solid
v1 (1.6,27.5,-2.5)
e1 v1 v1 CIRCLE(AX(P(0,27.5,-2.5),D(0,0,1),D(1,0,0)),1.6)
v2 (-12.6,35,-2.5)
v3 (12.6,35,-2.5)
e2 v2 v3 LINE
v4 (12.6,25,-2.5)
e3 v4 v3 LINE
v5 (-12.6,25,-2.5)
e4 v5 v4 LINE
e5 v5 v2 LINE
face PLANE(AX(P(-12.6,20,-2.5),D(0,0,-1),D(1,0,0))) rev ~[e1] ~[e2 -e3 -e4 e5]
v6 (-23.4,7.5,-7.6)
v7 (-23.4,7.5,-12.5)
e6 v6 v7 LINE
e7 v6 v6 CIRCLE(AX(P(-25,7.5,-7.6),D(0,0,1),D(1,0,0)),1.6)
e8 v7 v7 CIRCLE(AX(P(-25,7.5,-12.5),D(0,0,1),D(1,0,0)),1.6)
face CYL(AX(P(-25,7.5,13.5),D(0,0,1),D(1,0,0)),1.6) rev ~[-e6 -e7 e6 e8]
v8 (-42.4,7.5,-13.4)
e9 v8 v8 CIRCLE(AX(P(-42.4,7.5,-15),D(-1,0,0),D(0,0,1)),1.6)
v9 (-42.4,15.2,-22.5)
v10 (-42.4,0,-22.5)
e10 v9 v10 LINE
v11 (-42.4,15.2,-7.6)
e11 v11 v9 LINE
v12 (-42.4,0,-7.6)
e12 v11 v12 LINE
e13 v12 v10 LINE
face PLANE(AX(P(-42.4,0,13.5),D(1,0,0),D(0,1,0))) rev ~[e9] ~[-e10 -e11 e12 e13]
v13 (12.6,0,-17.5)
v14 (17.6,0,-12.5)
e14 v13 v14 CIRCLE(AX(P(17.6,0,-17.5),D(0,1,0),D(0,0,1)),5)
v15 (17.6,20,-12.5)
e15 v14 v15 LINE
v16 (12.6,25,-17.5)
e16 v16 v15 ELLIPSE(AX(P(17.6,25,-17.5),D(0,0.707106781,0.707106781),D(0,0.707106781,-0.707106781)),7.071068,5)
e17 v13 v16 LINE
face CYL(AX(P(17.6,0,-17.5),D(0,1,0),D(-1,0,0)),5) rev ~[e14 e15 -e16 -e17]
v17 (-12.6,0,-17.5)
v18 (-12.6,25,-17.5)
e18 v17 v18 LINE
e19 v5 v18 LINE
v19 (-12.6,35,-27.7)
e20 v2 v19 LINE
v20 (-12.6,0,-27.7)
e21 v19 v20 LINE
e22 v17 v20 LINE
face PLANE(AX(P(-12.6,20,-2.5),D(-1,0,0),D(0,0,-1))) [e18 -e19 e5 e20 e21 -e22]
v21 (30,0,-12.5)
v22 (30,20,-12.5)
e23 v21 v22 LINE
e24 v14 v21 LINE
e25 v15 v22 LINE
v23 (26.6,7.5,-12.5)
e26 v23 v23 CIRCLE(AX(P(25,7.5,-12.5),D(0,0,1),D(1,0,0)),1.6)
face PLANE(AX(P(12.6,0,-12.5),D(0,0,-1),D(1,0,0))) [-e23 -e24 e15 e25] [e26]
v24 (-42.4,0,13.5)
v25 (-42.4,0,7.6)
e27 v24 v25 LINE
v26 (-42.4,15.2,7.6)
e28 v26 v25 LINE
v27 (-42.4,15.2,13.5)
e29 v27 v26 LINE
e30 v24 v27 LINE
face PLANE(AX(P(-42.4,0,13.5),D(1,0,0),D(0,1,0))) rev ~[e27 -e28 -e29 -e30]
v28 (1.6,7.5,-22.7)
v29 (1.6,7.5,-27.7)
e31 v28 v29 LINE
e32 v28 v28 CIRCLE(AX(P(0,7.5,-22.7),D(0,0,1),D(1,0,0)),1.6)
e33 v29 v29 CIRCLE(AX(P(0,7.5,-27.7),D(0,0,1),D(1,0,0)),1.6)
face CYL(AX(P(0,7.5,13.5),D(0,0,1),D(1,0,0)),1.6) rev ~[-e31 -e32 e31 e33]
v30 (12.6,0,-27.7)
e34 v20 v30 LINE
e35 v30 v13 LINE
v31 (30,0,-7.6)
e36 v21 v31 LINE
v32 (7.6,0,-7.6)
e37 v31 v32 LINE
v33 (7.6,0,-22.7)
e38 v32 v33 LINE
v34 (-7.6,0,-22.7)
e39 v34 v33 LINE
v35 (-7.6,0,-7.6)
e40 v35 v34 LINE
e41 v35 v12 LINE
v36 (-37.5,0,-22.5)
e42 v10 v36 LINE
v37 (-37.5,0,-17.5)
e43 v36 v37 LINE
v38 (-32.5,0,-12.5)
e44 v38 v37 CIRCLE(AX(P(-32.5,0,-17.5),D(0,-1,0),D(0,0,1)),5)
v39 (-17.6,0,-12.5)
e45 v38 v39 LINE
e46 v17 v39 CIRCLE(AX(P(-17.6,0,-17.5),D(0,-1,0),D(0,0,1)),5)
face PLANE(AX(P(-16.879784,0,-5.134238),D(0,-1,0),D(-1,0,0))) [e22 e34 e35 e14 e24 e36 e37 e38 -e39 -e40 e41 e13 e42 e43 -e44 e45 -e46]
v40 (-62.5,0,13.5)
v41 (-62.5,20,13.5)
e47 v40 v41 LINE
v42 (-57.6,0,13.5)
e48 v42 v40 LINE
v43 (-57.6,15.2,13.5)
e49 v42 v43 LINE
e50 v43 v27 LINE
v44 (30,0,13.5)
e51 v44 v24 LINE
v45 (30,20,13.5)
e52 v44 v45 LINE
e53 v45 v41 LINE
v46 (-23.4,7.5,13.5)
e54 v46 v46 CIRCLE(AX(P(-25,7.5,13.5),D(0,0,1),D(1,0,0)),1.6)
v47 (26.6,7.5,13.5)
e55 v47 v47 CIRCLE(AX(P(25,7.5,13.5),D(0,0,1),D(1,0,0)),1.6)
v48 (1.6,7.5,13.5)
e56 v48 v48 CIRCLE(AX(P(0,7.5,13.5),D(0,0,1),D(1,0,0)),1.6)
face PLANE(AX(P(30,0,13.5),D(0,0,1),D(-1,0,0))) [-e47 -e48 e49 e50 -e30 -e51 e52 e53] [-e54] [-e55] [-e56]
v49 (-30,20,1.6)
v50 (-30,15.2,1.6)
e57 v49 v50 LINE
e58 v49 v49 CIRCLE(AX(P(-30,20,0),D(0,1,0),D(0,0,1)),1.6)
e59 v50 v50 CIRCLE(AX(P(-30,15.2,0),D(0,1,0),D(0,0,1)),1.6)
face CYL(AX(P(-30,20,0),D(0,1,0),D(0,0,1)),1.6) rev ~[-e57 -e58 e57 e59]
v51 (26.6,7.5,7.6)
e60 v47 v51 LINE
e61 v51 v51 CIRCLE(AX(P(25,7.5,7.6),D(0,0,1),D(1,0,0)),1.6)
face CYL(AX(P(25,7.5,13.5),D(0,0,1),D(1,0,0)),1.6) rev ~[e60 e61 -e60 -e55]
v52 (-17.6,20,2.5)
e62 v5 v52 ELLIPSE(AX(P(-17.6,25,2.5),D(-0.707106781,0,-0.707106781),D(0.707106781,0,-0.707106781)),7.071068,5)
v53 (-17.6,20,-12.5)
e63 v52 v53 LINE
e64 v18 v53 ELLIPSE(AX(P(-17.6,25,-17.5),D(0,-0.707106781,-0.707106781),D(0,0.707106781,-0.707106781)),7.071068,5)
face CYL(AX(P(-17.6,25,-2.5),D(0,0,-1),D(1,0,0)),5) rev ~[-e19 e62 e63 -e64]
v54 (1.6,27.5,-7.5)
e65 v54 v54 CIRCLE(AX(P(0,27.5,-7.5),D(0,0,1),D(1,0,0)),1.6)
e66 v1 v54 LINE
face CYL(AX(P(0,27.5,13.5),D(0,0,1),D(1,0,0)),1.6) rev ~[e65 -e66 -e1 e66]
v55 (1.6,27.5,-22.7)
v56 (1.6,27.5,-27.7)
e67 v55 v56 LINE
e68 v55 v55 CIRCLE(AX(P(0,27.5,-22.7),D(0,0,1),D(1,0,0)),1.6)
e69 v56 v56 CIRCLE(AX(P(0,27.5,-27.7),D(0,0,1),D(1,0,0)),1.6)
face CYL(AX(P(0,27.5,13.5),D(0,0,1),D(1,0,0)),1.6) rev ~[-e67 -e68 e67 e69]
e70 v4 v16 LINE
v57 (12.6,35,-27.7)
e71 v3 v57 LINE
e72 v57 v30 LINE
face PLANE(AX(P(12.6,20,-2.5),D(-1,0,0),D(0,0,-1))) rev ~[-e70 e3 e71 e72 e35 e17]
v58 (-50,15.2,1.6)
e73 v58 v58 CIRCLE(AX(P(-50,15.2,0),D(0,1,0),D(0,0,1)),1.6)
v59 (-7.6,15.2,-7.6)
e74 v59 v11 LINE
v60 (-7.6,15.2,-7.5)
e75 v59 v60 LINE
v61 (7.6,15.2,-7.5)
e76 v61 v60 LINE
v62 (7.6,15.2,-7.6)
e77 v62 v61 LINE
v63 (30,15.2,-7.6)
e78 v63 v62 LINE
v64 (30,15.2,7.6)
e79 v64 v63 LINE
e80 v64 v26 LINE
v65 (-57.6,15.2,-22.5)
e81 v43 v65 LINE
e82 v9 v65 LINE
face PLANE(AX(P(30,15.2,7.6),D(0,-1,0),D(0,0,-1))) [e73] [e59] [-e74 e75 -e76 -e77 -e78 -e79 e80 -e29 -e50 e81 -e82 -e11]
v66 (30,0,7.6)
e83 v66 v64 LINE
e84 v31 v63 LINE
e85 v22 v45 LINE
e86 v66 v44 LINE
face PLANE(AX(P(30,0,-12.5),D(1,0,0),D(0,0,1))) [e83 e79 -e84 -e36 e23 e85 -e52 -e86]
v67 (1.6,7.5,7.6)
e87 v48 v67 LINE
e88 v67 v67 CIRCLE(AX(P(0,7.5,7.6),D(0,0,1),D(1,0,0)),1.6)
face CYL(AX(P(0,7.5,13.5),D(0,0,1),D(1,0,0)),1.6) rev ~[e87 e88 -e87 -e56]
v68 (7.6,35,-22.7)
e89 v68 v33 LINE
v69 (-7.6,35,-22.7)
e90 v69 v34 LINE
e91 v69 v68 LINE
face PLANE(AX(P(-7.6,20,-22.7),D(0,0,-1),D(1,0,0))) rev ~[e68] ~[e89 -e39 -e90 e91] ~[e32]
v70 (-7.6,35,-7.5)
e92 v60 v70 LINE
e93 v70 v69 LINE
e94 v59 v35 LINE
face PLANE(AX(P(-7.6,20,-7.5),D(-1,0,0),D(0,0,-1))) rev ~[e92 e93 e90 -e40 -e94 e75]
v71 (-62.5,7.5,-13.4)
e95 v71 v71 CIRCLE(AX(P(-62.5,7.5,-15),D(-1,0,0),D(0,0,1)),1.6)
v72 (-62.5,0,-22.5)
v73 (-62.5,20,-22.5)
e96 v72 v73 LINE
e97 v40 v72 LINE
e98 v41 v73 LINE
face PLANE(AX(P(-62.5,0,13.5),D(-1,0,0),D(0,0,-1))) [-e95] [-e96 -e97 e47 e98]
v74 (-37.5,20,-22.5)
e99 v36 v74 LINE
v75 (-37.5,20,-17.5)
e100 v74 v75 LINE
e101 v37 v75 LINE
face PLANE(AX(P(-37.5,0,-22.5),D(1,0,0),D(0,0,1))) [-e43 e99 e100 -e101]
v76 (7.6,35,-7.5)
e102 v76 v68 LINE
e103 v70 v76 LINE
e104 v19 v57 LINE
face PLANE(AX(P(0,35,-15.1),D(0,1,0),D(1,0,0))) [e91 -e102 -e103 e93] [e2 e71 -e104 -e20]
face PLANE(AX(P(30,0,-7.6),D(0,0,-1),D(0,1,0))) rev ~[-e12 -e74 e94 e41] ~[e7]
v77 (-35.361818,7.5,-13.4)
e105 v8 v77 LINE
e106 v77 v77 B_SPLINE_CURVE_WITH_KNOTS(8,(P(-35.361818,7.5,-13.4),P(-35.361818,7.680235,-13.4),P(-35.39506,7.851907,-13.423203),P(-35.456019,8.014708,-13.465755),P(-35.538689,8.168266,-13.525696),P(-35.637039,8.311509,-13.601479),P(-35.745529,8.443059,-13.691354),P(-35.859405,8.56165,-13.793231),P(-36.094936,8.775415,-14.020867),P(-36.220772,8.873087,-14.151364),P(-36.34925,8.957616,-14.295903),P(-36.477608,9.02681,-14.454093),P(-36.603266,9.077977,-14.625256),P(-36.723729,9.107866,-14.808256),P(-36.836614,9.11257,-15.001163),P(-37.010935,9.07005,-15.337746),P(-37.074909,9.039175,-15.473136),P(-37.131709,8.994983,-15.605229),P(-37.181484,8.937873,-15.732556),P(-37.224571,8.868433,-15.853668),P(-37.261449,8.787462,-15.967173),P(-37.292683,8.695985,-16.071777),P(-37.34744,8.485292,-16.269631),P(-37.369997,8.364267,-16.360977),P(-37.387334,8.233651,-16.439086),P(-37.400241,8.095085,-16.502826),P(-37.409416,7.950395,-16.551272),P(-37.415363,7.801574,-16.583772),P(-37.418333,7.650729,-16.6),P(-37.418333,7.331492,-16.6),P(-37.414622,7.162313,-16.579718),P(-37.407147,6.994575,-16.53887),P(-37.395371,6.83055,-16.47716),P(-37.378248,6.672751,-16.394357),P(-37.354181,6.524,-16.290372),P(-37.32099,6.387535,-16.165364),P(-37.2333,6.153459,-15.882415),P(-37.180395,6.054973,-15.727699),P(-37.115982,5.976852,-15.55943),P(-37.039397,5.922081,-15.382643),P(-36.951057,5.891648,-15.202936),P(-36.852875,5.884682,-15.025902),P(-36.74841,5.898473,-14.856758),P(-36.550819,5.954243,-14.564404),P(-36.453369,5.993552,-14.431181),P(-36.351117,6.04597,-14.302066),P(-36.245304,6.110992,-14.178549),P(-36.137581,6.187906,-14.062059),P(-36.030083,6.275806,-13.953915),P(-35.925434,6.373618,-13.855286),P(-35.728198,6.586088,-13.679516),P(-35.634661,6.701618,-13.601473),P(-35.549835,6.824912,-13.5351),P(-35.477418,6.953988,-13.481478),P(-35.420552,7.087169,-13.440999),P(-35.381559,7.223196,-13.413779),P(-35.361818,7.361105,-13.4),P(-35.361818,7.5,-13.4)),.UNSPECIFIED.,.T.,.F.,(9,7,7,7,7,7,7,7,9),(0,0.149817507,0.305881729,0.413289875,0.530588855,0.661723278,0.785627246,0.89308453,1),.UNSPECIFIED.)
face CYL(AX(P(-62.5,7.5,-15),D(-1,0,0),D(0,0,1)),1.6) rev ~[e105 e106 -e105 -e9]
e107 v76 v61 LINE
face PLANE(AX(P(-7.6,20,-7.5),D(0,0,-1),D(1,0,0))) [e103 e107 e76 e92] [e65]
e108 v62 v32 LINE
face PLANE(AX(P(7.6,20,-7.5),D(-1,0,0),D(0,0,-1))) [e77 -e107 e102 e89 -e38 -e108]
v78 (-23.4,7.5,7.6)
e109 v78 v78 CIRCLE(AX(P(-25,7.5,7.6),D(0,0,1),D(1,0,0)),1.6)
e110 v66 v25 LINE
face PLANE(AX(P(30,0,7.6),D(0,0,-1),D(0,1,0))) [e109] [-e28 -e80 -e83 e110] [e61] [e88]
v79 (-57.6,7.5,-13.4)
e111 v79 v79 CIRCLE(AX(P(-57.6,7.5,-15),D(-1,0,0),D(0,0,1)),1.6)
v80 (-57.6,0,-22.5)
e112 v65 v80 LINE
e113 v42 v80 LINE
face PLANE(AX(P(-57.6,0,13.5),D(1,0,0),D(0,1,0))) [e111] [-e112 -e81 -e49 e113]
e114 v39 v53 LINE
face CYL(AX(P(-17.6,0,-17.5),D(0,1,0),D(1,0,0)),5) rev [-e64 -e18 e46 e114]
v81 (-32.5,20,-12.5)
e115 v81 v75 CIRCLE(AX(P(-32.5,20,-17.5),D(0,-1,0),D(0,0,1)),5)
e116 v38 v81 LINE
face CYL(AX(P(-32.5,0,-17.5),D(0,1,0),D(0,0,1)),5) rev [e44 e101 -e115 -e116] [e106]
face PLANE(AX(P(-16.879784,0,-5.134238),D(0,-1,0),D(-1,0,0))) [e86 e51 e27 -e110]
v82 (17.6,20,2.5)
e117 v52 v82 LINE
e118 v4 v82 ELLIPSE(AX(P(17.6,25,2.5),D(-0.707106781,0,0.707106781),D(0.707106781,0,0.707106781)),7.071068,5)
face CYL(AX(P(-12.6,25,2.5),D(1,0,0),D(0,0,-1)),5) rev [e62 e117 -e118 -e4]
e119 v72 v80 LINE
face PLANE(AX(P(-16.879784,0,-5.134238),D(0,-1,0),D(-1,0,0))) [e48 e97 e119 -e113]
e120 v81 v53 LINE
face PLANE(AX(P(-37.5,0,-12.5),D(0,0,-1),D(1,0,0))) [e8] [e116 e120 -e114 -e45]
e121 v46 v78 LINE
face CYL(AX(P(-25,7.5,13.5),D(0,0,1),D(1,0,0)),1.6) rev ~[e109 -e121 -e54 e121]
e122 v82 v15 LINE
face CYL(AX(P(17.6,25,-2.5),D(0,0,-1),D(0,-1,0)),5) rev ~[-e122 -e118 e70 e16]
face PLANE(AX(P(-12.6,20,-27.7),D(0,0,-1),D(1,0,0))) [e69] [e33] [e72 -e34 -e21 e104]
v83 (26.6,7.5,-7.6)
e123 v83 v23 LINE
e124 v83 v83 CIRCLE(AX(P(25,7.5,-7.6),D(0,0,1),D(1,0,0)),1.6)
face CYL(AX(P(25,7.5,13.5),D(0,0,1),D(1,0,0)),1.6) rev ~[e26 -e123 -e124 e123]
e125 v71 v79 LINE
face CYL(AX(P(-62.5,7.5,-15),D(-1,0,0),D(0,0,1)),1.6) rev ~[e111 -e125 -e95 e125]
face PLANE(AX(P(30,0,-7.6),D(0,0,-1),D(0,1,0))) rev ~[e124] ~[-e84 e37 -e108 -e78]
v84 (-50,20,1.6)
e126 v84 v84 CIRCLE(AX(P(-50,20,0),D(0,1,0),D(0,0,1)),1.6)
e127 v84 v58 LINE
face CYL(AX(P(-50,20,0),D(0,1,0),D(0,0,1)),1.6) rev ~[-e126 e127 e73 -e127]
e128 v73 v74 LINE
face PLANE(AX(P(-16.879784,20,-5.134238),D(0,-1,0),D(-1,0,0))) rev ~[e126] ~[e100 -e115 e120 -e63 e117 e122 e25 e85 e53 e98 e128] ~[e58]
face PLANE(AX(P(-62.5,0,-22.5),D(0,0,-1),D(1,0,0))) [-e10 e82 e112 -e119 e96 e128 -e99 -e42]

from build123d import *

# Parameters (mm, degrees)
SKETCH_1_W               = 15.2
SKETCH_1_H               = 15.2
EXTRUDE_1_DEPTH          = 20
SKETCH_2_W               = 25.2
SKETCH_2_H               = 25.2
SKETCH_2_W_2             = 15.2
SKETCH_2_H_2             = 15.2
EXTRUDE_2_DEPTH          = 15
SKETCH_3_W               = 15.2
SKETCH_3_H               = 15.2
CUT_EXTRUDE_1_DEPTH      = 80
SKETCH_4_R               = 1.6
CUT_EXTRUDE_2_DEPTH      = 83.635888087
FILLET_1_R               = 5
SKETCH_5_W               = 15.2
SKETCH_5_H               = 15.2
CUT_EXTRUDE_3_DEPTH      = 83.635888087
CUT_EXTRUDE_4_REACH      = 104.706
CUT_EXTRUDE_4_END_RADIUS = 5
SKETCH_6_R               = 1.6
CUT_EXTRUDE_5_REACH      = 73.229
SKETCH_7_R               = 1.6


with BuildPart() as part:
    # 草图1 → 凸台-拉伸1 (new body)
    with BuildSketch(Plane(origin=(0, 0, 0), x_dir=(1, 0, 0), z_dir=(0, 1, 0))):
        Polygon((-37.5, 12.5), (-12.6, 12.5), (-12.6, 27.7), (12.6, 27.7), (12.6, 12.5), (30, 12.5), (30, -13.5), (-62.5, -13.5), (-62.5, 22.5), (-37.5, 22.5), align=None)
        with Locations((0, 15.1)):
            Rectangle(SKETCH_1_W, SKETCH_1_H, mode=Mode.SUBTRACT)
    extrude(amount=EXTRUDE_1_DEPTH)

    # 草图2 → 凸台-拉伸2 (add)
    with BuildSketch(Plane(origin=(0, 20, 0), x_dir=(1, 0, 0), z_dir=(0, 1, 0))):
        with Locations((0, 15.1)):
            Rectangle(SKETCH_2_W, SKETCH_2_H)
        with Locations((0, 15.1)):
            Rectangle(SKETCH_2_W_2, SKETCH_2_H_2, mode=Mode.SUBTRACT)
    extrude(amount=EXTRUDE_2_DEPTH)

    # 草图3 → 切除-拉伸1 (cut)
    with BuildSketch(Plane(origin=(30, 0, 0), x_dir=(0, 0, -1), z_dir=(1, 0, 0))):
        with Locations((0, 7.6)):
            Rectangle(SKETCH_3_W, SKETCH_3_H)
    extrude(amount=-CUT_EXTRUDE_1_DEPTH, mode=Mode.SUBTRACT)

    # 草图4 → 切除-拉伸2 (cut, through all)
    with BuildSketch(Plane.XY.offset(13.5)):
        with Locations((0, 7.5)):
            Circle(SKETCH_4_R)
        with Locations((25, 7.5)):
            Circle(SKETCH_4_R)
        with Locations((-25, 7.5)):
            Circle(SKETCH_4_R)
        with Locations((0, 27.5)):
            Circle(SKETCH_4_R)
    extrude(amount=-CUT_EXTRUDE_2_DEPTH, mode=Mode.SUBTRACT)

    # 圆角1
    fillet_1_edges = [part.edges().sort_by_distance(p)[0] for p in [
        (-37.5, 10, -12.5),
        (-12.6, 10, -12.5),
        (12.6, 10, -12.5),
        (-12.6, 20, -7.5),
        (0, 20, -2.5),
        (12.6, 20, -7.5),
    ]]
    fillet(fillet_1_edges, radius=FILLET_1_R)

    # 草图5 → 切除-拉伸3 (cut, through all)
    with BuildSketch(Plane.XY.offset(13.5)):
        with Locations((-50, 7.6)):
            Rectangle(SKETCH_5_W, SKETCH_5_H)
    extrude(amount=-CUT_EXTRUDE_3_DEPTH, mode=Mode.SUBTRACT)

    # 切除-拉伸4: up to this cylinder (the profile starts outside it)
    cut_extrude_4_end = Plane(origin=(-32.5, 7.5, -17.5), z_dir=(0, 1, 0)) * Cylinder(CUT_EXTRUDE_4_END_RADIUS, 220.412, mode=Mode.PRIVATE)
    # 草图6 → 切除-拉伸4 (cut, up to the surface)
    with BuildSketch(Plane.ZY.offset(62.5), mode=Mode.PRIVATE) as cut_extrude_4_sk1:
        with Locations((-15, 7.5)):
            Circle(SKETCH_6_R)
    cut_extrude_4_tool1 = extrude(cut_extrude_4_sk1.sketch, amount=-CUT_EXTRUDE_4_REACH, mode=Mode.PRIVATE) - cut_extrude_4_end
    add(cut_extrude_4_tool1.solids().sort_by_distance((-62.5, 7.5, -15))[0], mode=Mode.SUBTRACT)

    # 草图7 → 切除-拉伸5 (cut, up to next)
    with BuildSketch(Plane(origin=(0, 20, 0), x_dir=(1, 0, 0), z_dir=(0, 1, 0)), mode=Mode.PRIVATE) as cut_extrude_5_sk1:
        with Locations(Location((-50, 0, 0), (0, 0, 270))):
            Circle(SKETCH_7_R)
    cut_extrude_5_tool1 = extrude(cut_extrude_5_sk1.sketch, amount=-CUT_EXTRUDE_5_REACH, mode=Mode.PRIVATE) & part.part
    # 草图7 → 切除-拉伸5 (cut, up to next)
    with BuildSketch(Plane(origin=(0, 20, 0), x_dir=(1, 0, 0), z_dir=(0, 1, 0)), mode=Mode.PRIVATE) as cut_extrude_5_sk2:
        with Locations(Location((-30, 0, 0), (0, 0, 270))):
            Circle(SKETCH_7_R)
    cut_extrude_5_tool2 = extrude(cut_extrude_5_sk2.sketch, amount=-CUT_EXTRUDE_5_REACH, mode=Mode.PRIVATE) & part.part
    add(cut_extrude_5_tool1.solids().sort_by_distance((-50, 20, 0))[0], mode=Mode.SUBTRACT)
    add(cut_extrude_5_tool2.solids().sort_by_distance((-30, 20, 0))[0], mode=Mode.SUBTRACT)


solid = part.part
